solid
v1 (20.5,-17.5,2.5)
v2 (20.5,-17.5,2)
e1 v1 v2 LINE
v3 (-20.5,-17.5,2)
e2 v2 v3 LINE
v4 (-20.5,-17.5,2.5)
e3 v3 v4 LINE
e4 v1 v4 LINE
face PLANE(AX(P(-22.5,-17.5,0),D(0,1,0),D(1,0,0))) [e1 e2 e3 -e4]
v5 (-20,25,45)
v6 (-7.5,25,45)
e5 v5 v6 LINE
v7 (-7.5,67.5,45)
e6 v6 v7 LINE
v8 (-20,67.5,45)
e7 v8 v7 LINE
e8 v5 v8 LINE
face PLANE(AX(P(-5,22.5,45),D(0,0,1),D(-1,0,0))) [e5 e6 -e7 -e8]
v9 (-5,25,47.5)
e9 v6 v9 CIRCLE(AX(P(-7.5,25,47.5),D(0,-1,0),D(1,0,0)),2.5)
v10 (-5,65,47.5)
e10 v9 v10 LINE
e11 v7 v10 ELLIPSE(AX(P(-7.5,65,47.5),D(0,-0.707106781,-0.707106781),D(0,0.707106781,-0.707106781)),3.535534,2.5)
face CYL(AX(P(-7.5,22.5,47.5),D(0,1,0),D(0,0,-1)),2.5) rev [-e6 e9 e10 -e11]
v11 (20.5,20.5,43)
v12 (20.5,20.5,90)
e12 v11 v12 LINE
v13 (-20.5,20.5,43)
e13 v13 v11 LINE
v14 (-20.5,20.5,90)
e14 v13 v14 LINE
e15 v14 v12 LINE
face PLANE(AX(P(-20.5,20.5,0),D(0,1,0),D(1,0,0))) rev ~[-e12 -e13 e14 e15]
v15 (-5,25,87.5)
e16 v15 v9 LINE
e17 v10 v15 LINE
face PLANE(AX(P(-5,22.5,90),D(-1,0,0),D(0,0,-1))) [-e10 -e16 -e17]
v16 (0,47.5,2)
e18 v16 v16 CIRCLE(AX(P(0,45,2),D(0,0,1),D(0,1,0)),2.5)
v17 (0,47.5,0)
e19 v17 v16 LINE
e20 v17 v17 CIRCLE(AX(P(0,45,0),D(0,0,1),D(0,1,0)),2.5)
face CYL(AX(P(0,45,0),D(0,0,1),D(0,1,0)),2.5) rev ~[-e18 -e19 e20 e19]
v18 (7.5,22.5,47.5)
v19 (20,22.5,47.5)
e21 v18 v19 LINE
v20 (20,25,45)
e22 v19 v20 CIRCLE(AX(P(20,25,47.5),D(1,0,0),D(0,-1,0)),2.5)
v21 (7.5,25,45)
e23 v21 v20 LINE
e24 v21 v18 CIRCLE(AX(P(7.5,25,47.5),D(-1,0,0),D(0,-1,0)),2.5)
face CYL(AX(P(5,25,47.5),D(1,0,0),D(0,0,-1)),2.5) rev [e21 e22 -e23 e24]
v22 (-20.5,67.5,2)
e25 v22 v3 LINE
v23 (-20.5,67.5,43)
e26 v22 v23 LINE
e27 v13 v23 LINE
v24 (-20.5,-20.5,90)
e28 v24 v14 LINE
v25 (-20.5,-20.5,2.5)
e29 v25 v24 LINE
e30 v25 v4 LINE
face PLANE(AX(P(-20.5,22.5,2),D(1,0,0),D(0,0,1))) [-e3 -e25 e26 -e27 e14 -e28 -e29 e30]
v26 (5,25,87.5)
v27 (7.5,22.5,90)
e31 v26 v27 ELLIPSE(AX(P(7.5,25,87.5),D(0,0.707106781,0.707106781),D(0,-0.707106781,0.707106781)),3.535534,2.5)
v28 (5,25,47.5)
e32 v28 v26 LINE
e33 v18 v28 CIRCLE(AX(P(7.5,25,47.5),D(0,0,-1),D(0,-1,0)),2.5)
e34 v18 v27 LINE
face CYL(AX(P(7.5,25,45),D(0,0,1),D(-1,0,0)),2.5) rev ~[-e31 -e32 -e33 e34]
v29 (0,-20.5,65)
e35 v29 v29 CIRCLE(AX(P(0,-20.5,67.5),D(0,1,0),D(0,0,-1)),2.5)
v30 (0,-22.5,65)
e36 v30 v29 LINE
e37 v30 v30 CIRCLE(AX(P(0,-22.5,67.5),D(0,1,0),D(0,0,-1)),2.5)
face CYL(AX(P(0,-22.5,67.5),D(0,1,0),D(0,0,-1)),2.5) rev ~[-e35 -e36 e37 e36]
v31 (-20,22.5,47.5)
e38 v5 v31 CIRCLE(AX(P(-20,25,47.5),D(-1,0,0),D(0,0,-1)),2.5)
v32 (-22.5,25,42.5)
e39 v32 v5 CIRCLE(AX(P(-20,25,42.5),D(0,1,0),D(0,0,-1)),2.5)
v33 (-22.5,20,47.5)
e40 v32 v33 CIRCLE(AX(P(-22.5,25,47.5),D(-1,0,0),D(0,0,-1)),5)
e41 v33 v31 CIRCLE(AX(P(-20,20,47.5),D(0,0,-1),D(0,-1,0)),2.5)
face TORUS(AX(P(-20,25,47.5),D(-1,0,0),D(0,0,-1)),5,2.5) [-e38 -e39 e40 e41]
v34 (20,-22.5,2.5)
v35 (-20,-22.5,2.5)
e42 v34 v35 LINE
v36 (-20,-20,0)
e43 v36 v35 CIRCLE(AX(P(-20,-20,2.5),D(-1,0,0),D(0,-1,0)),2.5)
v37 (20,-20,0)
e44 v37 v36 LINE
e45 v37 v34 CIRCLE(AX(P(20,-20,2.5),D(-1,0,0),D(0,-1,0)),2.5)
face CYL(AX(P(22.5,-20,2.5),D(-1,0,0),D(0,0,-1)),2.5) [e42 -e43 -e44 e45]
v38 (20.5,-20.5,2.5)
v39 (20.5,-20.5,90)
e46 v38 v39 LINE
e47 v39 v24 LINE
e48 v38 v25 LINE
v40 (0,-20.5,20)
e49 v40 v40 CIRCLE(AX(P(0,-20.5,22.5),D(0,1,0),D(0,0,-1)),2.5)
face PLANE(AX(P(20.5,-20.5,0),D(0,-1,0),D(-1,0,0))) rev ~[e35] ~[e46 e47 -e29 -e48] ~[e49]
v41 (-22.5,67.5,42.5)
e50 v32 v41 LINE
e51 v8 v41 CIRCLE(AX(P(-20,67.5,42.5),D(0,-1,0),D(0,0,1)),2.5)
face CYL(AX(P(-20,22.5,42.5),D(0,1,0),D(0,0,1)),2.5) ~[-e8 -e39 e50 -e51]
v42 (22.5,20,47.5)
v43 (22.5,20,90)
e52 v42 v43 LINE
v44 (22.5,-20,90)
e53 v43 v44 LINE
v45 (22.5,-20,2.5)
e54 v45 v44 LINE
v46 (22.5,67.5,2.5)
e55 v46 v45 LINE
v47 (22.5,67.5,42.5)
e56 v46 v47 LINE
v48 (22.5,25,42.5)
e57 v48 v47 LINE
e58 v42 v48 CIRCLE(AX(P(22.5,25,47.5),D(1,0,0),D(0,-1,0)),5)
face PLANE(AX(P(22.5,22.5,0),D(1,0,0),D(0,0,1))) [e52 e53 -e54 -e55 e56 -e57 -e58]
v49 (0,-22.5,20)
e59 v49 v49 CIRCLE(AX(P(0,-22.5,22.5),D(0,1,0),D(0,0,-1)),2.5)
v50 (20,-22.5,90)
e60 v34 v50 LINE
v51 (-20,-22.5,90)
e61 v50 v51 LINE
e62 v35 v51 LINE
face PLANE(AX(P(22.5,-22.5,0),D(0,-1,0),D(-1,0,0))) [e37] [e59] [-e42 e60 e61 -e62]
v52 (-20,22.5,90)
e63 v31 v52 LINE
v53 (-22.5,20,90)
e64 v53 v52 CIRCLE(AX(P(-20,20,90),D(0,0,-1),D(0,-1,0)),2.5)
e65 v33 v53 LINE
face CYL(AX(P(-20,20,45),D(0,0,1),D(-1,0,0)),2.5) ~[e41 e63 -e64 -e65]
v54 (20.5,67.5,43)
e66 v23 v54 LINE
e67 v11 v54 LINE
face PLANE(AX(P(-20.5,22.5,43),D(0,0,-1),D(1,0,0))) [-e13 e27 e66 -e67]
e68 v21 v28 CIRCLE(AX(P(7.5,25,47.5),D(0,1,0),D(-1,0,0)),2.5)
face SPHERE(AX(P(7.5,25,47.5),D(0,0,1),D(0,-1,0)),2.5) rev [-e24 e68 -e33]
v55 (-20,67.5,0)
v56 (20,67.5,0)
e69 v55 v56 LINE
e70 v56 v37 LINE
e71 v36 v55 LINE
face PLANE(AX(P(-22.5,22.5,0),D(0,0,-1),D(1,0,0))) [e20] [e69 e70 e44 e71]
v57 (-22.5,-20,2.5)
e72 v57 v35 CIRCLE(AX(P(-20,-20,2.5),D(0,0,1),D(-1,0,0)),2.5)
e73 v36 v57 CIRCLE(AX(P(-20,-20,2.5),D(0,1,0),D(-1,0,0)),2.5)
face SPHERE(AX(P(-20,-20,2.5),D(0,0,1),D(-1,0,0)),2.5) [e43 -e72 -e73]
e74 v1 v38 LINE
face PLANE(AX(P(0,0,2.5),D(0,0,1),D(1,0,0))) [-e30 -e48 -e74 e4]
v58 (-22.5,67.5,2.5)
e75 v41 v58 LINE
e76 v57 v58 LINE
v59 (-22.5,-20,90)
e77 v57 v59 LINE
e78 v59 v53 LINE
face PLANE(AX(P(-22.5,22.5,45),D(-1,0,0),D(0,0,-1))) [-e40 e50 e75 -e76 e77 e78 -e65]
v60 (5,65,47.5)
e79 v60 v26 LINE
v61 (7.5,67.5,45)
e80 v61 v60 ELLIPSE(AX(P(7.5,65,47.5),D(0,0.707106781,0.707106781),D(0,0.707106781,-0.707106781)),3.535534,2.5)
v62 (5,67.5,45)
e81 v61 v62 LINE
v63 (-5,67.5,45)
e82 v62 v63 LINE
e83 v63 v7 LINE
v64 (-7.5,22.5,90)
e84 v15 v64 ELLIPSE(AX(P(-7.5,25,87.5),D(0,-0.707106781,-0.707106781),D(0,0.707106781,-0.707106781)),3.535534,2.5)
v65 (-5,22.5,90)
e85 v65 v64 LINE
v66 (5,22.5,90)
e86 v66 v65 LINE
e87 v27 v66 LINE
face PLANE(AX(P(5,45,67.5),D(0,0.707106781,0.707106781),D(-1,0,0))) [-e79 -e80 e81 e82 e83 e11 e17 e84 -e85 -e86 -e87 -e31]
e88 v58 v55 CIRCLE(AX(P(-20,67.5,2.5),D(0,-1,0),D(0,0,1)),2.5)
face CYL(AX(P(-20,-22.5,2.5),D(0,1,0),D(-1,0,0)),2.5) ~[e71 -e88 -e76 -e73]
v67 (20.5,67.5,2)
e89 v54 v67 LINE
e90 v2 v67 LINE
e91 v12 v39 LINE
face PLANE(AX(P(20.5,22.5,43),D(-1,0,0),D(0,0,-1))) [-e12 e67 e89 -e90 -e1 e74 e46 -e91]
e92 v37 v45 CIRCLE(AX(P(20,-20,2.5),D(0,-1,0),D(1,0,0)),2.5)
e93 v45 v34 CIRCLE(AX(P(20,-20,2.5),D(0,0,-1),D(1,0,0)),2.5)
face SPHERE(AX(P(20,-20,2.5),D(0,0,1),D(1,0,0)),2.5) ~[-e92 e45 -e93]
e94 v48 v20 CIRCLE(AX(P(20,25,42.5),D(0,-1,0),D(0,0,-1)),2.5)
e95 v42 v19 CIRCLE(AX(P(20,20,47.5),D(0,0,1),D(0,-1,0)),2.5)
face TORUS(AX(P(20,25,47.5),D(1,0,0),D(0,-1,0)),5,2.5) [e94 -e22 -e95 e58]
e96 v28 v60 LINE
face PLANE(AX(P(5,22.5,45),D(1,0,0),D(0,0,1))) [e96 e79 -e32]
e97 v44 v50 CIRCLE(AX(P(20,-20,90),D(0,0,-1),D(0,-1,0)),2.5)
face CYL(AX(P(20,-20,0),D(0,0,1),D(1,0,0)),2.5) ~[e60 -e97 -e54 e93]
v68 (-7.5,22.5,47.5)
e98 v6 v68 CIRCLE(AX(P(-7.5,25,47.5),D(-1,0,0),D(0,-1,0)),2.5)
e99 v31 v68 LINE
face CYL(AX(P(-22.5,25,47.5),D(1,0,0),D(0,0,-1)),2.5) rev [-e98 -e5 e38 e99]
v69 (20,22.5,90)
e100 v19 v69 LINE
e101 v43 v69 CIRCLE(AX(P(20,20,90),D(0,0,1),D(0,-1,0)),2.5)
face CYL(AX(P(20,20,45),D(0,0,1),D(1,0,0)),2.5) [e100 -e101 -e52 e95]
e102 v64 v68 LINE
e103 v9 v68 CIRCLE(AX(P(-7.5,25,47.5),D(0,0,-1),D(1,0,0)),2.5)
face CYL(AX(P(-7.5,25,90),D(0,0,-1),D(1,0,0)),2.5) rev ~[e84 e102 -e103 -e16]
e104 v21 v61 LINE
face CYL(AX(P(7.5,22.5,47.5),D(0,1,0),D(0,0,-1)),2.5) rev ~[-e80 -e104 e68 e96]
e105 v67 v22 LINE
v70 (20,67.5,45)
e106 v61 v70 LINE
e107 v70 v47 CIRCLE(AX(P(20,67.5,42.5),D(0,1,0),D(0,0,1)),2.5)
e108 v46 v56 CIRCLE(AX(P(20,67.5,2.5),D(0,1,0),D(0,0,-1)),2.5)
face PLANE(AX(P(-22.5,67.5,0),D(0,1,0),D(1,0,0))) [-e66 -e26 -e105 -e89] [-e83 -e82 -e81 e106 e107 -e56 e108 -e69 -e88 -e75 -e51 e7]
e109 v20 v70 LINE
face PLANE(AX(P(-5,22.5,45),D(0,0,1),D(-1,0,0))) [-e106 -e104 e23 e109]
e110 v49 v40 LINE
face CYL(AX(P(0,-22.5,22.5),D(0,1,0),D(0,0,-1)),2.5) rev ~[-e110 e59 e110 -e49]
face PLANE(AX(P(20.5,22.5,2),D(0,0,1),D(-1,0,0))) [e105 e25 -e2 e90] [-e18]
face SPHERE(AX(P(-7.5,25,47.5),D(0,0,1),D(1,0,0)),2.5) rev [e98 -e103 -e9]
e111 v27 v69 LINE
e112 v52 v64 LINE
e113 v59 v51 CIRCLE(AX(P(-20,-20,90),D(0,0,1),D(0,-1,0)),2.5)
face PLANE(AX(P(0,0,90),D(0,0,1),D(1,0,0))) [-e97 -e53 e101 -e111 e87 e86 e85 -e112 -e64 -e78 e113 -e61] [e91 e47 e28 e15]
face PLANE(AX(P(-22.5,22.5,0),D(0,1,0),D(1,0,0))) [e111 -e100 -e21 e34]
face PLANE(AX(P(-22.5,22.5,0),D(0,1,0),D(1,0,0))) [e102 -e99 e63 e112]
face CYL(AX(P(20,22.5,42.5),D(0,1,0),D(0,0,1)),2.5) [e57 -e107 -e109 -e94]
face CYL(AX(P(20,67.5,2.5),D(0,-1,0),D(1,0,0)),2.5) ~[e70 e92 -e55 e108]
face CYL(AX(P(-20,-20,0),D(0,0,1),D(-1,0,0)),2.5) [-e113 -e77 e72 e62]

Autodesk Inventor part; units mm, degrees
ref_plane "YZ Plane" through (0, 0, 0) normal (1, 0, 0) x (0, 1, 0)
ref_plane "XZ Plane" through (0, 0, 0) normal (0, 1, 0) x (-1, 0, 0)
ref_plane "XY Plane" through (0, 0, 0) normal (0, 0, 1) x (1, 0, 0)
sketch "Sketch1" plane through (0, 0, 0) normal (0, 0, 1) x (1, 0, 0)
  line L0 (20.5, -20.5) -> (-20.5, -20.5)
  line L1 (-20.5, -20.5) -> (-20.5, 20.5)
  line L2 (-20.5, 20.5) -> (20.5, 20.5)
  line L3 (20.5, 20.5) -> (20.5, -20.5)
  line L4 (20.5, -20.5) -> (-20.5, 20.5) construction
  line L5 (-20.5, -20.5) -> (20.5, 20.5) construction
  line L6 (22.5, -22.5) -> (-22.5, -22.5)
  line L7 (-22.5, -22.5) -> (-22.5, 22.5)
  line L8 (-22.5, 22.5) -> (22.5, 22.5)
  line L9 (22.5, 22.5) -> (22.5, -22.5)
  line L10 (22.5, -22.5) -> (-22.5, 22.5) construction
  line L11 (-22.5, -22.5) -> (22.5, 22.5) construction
  point P0 (0, 0)
  dimension "d0" = 41
  dimension "d1" = 41
  dimension "d2" = 45
  dimension "d3" = 45
extrude "Extrusion1" add sketch "Sketch1" along normal blind 90
extrude "Extrusion2" add sketch "Sketch1" along normal blind 2.5 contours L0 L1 L2 L3
sketch "Sketch2" plane through (-22.5, 22.5, 0) normal (0, 1, 0) x (1, 0, 0)
  line L0 (0, 0) -> (45, 0)
  line L1 (45, 0) -> (45, -45)
  line L2 (45, -45) -> (0, -45)
  line L3 (0, -45) -> (0, 0)
  line L4 (0, -45) -> (45, 0) construction
  line L5 (45, -45) -> (0, 0) construction
  line L6 (43, -2) -> (2, -2)
  line L7 (2, -2) -> (2, -43)
  line L8 (2, -43) -> (43, -43)
  line L9 (43, -43) -> (43, -2)
  line L10 (43, -2) -> (2, -43) construction
  line L11 (2, -2) -> (43, -43) construction
  line L12 (22.5, -22.5) -> (22.5, -90) construction
  line L13 (43, -90) -> (2, -90) construction
  line L14 (22.5, -90) -> (27.5, -90) construction
  line L15 (27.5, -90) -> (17.5, -90)
  line L16 (17.5, -90) -> (17.5, -45)
  line L17 (17.5, -45) -> (27.5, -45)
  line L18 (27.5, -45) -> (27.5, -90)
  point P0 (22.5, 0)
  dimension "d8" = 45
  dimension "d9" = 45
  dimension "d10" = 41
  dimension "d11" = 41
  dimension "d16" = 5
  dimension "d17" = 10
extrude "Extrusion3" add sketch "Sketch2" along normal blind 45 contours L0 L1 L2 L3
extrude "Extrusion4" cut sketch "Sketch2" against normal blind 40 contours L9 L8 L7 L6
extrude "Extrusion5" add sketch "Sketch2" along normal blind 45 contours L2 L18 L15 L16
chamfer "Chamfer1" distance 45 angle 45 1 edges at (0, 67.5, 90)
sketch "Sketch3" plane through (-22.5, -22.5, 0) normal (0, -1, 0) x (1, 0, 0)
  line L0 (0, 0) -> (0, 90) projected
  line L1 (45, 45) -> (45, 90) construction
  line L2 (45, 90) -> (0, 90) construction
  line L3 (0, 90) -> (0, 45) construction
  line L4 (0, 45) -> (45, 45) construction
  line L5 (45, 45) -> (45, 90) construction
  line L6 (0, 45) -> (45, 45) construction
  line L7 (45, 45) -> (45, 0) construction
  line L8 (45, 0) -> (0, 0) construction
  line L9 (0, 0) -> (0, 45) construction
  line L10 (0, 45) -> (0, 90) construction
  line L11 (45, 90) -> (0, 45) construction
  line L12 (0, 45) -> (45, 0) construction
  line L13 (45, 0) -> (0, 0) construction
  line L14 (0, 0) -> (45, 45) construction
  line L15 (0, 90) -> (45, 45) construction
  point P0 (22.5, 0)
  point P1 (22.5, 67.5)
  point P2 (22.5, 22.5)
hole "Hole1" at (0, -22.5, 67.5) at (0, -22.5, 22.5) direction (0, 1, 0) diameter 5 depth 8 tip angle 118
sketch "Sketch5" plane through (0, 0, 0) normal (0, 0, -1) x (-1, 0, 0)
  line L0 (22.5, -22.5) -> (22.5, 67.5) projected
  line L1 (-22.5, -22.5) -> (22.5, -22.5) construction
  line L2 (22.5, -22.5) -> (22.5, 22.5) construction
  line L3 (22.5, 22.5) -> (-22.5, 22.5) construction
  line L4 (-22.5, 22.5) -> (-22.5, -22.5) construction
  line L5 (22.5, 22.5) -> (-22.5, 22.5) construction
  line L6 (-22.5, 22.5) -> (-22.5, 67.5) construction
  line L7 (-22.5, 67.5) -> (22.5, 67.5) construction
  line L8 (22.5, 67.5) -> (22.5, 22.5) construction
  line L9 (-22.5, 22.5) -> (22.5, 67.5) construction
  line L10 (22.5, 22.5) -> (-22.5, 67.5) construction
  point P0 (0, 0)
  point P1 (0, 45)
hole "Hole2" at (0, 45, 0) direction (0, 0, 1) diameter 5 depth 8 tip angle 118
fillet "Fillet1" radius 2.5 15 edges at (-22.5, 45, 45) (-22.5, 22.5, 67.5) (-22.5, -22.5, 45) (-22.5, 22.5, 0) (22.5, 22.5, 67.5) (22.5, 45, 45) (22.5, -22.5, 45) (22.5, 22.5, 0) (0, -22.5, 0) (-5, 22.5, 67.5) (-5, 45, 45) (-13.75, 22.5, 45) (5, 22.5, 67.5) (13.75, 22.5, 45) (5, 45, 45)
properties part number "L_connector"
